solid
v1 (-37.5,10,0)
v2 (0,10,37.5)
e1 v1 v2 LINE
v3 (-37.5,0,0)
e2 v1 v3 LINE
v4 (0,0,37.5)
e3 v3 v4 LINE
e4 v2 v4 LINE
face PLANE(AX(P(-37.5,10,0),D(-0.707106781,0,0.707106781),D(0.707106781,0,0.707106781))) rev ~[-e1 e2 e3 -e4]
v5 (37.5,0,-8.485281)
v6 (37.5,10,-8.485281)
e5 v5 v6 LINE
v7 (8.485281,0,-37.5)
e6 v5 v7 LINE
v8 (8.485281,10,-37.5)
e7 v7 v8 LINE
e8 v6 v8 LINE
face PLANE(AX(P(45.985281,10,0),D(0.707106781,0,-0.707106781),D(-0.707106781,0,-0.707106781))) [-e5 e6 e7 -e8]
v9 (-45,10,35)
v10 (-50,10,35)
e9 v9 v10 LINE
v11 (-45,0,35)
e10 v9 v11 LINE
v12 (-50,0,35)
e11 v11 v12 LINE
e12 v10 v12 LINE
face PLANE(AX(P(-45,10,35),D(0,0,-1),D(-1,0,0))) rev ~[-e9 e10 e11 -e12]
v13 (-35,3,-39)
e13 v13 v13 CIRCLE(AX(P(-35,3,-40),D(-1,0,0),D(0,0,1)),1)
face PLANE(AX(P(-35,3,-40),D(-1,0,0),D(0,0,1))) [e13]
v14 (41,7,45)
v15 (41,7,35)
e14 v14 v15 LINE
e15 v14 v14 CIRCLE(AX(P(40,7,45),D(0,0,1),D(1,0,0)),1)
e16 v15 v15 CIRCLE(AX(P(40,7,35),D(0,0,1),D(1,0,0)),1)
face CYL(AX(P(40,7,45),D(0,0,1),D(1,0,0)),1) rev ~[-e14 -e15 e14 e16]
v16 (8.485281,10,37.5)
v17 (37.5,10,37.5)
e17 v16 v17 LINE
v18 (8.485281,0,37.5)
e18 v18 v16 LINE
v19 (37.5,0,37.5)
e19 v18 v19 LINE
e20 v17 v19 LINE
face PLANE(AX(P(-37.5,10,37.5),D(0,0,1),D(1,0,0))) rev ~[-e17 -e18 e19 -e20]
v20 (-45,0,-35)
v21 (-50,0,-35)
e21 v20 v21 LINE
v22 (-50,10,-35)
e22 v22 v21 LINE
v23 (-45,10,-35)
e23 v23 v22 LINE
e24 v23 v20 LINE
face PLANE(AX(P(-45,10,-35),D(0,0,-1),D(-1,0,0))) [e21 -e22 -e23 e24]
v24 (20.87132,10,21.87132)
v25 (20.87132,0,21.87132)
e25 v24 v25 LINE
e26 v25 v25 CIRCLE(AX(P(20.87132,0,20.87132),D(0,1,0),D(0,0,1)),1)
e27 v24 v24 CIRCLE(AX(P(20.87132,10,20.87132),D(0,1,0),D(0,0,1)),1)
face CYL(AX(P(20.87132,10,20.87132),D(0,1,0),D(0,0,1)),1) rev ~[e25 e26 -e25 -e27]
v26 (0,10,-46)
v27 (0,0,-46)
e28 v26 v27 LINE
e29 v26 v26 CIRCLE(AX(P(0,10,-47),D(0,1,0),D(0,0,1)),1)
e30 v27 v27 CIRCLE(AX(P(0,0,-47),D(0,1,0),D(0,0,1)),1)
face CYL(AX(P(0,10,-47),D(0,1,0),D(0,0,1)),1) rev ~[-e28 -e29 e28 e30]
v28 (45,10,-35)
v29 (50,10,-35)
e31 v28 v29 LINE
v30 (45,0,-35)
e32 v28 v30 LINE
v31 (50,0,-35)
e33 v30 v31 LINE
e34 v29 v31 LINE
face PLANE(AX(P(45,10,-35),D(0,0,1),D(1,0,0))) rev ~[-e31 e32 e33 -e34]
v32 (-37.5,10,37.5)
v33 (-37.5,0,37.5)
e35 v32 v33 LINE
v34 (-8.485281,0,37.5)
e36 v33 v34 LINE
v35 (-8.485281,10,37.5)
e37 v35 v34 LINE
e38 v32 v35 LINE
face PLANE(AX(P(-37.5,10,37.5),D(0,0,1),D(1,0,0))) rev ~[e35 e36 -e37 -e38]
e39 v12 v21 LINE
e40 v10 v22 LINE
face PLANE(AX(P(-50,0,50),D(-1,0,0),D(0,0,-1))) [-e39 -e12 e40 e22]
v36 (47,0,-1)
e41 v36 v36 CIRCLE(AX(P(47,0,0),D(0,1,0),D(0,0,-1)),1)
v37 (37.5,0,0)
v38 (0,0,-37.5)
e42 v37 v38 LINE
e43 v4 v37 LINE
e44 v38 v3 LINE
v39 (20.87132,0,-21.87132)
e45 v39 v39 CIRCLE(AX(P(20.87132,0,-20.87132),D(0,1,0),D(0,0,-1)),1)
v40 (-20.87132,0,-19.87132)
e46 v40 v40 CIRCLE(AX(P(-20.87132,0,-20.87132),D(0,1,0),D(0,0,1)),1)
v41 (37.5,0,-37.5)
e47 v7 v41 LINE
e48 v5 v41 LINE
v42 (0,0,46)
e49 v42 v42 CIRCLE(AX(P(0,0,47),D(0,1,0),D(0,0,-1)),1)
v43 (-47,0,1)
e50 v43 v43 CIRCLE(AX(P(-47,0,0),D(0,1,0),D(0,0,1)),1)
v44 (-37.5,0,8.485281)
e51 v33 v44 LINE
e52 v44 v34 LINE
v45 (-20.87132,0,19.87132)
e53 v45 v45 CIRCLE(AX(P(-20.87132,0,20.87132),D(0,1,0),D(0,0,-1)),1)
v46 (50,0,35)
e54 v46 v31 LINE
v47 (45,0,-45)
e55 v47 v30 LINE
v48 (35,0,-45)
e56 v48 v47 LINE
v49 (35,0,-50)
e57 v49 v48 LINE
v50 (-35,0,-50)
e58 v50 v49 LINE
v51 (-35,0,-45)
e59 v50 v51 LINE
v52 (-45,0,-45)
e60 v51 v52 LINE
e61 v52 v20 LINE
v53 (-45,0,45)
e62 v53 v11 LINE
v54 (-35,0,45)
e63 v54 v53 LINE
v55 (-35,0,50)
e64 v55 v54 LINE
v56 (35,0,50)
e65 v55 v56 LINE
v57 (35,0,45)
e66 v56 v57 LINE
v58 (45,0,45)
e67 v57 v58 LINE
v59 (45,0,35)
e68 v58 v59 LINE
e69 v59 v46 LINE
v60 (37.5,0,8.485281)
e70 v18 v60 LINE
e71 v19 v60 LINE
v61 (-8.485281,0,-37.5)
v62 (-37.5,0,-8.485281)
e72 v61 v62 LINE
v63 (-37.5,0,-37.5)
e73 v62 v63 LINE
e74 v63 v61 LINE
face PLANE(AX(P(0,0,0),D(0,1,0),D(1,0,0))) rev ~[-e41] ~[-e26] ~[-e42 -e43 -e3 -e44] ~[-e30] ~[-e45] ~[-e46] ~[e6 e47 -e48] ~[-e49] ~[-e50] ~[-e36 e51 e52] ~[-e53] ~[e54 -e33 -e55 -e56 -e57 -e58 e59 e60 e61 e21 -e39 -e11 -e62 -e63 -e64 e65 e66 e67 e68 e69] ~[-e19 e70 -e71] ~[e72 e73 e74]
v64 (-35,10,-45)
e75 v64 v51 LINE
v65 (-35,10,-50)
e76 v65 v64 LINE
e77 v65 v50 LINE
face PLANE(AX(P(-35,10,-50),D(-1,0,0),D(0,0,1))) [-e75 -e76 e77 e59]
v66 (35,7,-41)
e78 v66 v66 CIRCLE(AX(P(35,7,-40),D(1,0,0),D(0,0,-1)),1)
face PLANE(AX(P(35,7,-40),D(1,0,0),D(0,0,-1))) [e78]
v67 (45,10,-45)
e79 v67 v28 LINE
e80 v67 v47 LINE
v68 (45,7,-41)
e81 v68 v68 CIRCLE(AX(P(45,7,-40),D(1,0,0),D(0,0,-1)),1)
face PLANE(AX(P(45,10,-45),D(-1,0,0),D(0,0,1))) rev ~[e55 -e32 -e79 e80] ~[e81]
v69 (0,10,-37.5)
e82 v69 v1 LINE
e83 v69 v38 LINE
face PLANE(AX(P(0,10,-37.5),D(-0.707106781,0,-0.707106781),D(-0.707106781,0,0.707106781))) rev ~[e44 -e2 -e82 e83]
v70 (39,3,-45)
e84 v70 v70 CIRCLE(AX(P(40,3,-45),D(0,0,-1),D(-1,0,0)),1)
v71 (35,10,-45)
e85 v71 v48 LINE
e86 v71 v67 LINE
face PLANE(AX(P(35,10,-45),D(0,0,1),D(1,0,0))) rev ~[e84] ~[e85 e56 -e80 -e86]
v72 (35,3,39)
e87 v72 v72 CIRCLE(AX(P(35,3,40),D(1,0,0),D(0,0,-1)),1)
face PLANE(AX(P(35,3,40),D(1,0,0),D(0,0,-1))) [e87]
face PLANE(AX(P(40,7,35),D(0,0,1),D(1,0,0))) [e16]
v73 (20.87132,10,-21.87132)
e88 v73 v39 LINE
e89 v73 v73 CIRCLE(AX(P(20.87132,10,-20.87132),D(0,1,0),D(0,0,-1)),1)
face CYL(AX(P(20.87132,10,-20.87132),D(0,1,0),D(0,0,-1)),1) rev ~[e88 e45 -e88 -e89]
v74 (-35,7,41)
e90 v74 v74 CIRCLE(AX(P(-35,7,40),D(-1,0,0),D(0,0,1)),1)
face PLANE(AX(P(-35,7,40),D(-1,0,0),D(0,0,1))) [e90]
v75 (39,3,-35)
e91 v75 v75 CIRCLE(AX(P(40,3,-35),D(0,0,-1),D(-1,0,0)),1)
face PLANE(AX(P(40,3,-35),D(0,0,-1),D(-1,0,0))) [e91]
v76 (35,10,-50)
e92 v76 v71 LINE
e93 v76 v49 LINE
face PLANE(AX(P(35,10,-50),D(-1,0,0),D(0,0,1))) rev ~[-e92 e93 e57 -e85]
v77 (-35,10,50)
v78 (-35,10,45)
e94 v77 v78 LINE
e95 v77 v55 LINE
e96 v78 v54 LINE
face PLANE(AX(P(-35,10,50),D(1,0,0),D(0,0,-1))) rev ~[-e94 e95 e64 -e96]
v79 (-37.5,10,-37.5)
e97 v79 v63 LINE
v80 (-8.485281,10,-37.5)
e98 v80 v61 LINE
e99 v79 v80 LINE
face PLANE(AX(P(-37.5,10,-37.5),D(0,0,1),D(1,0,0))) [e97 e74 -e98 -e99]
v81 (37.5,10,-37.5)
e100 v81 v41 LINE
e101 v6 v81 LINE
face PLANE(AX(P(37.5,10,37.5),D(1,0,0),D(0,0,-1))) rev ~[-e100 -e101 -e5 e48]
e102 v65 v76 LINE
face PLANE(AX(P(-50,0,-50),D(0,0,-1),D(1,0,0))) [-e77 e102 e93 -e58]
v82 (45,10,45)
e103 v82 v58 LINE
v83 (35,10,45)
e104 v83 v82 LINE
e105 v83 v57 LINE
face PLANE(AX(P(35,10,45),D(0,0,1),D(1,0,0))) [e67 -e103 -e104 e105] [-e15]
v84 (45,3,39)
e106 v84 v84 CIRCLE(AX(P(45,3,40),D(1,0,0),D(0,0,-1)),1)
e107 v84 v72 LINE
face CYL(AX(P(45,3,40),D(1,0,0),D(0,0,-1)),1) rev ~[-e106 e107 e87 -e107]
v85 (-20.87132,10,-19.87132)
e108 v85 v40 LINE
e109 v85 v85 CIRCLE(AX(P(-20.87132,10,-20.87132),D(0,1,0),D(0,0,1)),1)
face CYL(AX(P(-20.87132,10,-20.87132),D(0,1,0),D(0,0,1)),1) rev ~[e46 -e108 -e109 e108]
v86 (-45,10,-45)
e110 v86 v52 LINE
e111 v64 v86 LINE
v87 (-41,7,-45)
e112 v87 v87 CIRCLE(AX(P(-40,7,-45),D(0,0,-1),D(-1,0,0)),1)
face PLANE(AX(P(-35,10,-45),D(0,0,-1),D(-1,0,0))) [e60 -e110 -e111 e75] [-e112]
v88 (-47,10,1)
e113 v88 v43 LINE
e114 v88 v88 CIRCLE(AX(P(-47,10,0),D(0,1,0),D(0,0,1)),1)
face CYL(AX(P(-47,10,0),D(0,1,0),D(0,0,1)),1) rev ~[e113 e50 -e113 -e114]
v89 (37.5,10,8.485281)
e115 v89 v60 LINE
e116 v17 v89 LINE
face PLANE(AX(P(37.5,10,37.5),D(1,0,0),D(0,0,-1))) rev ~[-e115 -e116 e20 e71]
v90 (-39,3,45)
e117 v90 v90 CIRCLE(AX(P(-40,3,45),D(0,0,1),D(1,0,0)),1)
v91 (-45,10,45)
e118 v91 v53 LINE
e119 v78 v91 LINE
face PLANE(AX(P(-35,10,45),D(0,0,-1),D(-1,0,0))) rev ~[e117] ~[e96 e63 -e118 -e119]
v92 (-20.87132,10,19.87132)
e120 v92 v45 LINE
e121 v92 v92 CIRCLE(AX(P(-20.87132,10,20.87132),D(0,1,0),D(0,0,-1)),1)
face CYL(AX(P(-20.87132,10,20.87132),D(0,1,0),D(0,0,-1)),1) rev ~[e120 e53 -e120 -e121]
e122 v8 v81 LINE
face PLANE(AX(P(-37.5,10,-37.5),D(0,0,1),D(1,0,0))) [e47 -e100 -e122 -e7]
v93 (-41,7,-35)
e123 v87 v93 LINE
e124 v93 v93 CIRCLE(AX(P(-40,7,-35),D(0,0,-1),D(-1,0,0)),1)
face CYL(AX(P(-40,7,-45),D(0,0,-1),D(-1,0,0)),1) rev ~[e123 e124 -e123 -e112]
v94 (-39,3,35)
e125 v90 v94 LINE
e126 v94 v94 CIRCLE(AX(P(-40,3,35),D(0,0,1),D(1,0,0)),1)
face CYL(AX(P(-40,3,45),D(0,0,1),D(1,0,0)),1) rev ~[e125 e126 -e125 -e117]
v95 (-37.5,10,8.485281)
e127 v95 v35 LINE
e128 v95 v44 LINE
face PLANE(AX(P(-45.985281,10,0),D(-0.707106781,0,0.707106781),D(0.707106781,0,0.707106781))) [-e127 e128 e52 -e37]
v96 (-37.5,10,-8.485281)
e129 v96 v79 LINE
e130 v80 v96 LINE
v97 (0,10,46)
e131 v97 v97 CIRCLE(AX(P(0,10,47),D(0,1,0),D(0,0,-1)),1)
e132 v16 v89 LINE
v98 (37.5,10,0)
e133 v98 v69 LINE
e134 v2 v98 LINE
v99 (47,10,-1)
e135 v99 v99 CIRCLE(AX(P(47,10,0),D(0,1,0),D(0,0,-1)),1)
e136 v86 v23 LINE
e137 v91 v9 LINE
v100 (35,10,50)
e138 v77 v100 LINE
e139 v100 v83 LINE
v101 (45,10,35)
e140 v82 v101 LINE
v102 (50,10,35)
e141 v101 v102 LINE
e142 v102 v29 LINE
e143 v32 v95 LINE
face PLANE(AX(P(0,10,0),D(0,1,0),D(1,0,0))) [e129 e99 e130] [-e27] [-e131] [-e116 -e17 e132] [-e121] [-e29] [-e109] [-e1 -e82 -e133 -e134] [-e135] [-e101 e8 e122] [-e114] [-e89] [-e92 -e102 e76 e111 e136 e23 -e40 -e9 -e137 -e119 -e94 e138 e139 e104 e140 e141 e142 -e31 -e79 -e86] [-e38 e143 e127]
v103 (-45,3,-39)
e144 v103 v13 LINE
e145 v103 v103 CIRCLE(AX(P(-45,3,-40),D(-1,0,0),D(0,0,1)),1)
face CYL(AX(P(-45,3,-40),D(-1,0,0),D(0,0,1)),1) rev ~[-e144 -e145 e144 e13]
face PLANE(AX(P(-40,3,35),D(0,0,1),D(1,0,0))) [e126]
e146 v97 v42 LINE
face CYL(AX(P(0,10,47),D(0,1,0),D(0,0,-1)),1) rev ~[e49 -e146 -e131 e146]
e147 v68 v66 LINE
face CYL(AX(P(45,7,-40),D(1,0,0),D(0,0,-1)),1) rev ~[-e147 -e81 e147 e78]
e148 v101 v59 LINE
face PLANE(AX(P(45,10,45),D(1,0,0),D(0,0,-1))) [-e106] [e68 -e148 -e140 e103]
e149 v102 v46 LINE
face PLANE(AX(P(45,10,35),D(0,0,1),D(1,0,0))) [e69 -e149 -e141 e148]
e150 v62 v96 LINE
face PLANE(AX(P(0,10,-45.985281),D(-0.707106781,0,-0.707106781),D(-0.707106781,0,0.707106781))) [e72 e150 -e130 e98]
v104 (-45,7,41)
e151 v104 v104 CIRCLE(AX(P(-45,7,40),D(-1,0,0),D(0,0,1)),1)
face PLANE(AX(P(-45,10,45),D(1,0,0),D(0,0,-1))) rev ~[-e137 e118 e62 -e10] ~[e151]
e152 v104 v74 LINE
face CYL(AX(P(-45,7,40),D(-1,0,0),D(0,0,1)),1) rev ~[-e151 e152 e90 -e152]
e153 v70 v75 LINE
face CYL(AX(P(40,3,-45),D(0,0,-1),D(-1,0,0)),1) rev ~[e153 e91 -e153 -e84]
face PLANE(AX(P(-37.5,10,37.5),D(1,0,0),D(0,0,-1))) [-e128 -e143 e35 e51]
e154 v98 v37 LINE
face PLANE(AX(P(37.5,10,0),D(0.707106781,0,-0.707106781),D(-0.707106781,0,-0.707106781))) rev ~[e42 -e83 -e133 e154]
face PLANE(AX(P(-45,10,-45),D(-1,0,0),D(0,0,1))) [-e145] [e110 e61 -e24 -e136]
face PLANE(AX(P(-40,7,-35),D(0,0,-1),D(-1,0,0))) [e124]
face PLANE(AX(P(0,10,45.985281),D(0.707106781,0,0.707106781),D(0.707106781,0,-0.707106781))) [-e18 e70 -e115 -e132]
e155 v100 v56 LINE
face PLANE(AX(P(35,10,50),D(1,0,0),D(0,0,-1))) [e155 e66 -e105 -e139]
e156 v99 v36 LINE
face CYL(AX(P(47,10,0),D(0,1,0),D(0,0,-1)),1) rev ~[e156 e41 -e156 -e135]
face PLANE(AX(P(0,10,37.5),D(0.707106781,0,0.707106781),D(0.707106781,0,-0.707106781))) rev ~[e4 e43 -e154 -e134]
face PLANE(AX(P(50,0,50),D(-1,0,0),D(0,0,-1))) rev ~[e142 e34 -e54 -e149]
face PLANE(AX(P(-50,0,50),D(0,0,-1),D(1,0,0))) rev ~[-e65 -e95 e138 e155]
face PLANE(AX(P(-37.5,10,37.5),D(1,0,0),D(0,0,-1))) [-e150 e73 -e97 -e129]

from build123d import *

# Parameters (mm, degrees)
SKETCH1_W           = 100
SKETCH1_H           = 100
BOSS_EXTRUDE1_DEPTH = 10
CUT_EXTRUDE1_DEPTH  = 72.414284285
SKETCH3_W           = 75
SKETCH3_H           = 75
CUT_EXTRUDE2_DEPTH  = 10
BOSS_EXTRUDE2_DEPTH = 10
SKETCH10_R          = 1
CUT_EXTRUDE7_DEPTH  = 72.414284285
SKETCH11_R          = 1
CUT_EXTRUDE8_DEPTH  = 72.414284285
SKETCH12_R          = 1
CUT_EXTRUDE9_DEPTH  = 72.414284285
SKETCH9_R           = 1
CUT_EXTRUDE11_DEPTH = 10
SKETCH13_R          = 1
CUT_EXTRUDE12_DEPTH = 10
SKETCH14_R          = 1
CUT_EXTRUDE13_DEPTH = 10
SKETCH15_R          = 1
CUT_EXTRUDE14_DEPTH = 10
SKETCH16_R          = 1
CUT_EXTRUDE15_DEPTH = 10
SKETCH17_R          = 1
CUT_EXTRUDE16_DEPTH = 10
SKETCH18_R          = 1
CUT_EXTRUDE17_DEPTH = 10
SKETCH19_R          = 1
CUT_EXTRUDE18_DEPTH = 10


with BuildPart() as part:
    # Sketch1 → Boss-Extrude1 (new body)
    with BuildSketch(Plane(origin=(0, 0, 0), x_dir=(1, 0, 0), z_dir=(0, 1, 0))):
        Rectangle(SKETCH1_W, SKETCH1_H)
    extrude(amount=BOSS_EXTRUDE1_DEPTH)

    # Sketch2 → Cut-Extrude1 (cut, through all)
    with BuildSketch(Plane(origin=(0, 10, 0), x_dir=(1, 0, 0), z_dir=(0, 1, 0))):
        Polygon((35, 50), (35, 45), (45, 45), (45, 35), (50, 35), (50, 50), align=None)
        Polygon((-45, 35), (-50, 35), (-50, 50), (-35, 50), (-35, 45), (-45, 45), align=None)
        Polygon((-45, -35), (-50, -35), (-50, -50), (-35, -50), (-35, -45), (-45, -45), align=None)
        Polygon((35, -50), (35, -45), (45, -45), (45, -35), (50, -35), (50, -50), align=None)
    extrude(amount=-CUT_EXTRUDE1_DEPTH, mode=Mode.SUBTRACT)

    # Sketch3 → Cut-Extrude2 (cut)
    with BuildSketch(Plane(origin=(0, 10, 0), x_dir=(1, 0, 0), z_dir=(0, 1, 0))):
        Rectangle(SKETCH3_W, SKETCH3_H)
    extrude(amount=-CUT_EXTRUDE2_DEPTH, mode=Mode.SUBTRACT)

    # Sketch4 → Boss-Extrude2 (add)
    with BuildSketch(Plane(origin=(0, 10, 0), x_dir=(1, 0, 0), z_dir=(0, 1, 0))):
        Polygon((45.985281374, 0), (0, 45.985281374), (-45.985281374, 0), (0, -45.985281374), align=None)
        Polygon((0, 37.5), (-37.5, 0), (0, -37.5), (37.5, 0), align=None, mode=Mode.SUBTRACT)
    extrude(amount=-BOSS_EXTRUDE2_DEPTH)

    # Sketch10 → Cut-Extrude7 (cut, through all)
    with BuildSketch(Plane(origin=(0, 10, 0), x_dir=(1, 0, 0), z_dir=(0, 1, 0))):
        with Locations(Location((0, 47, 0), (0, 0, 270))):
            Circle(SKETCH10_R)
        with Locations(Location((0, -47, 0), (0, 0, 90))):
            Circle(SKETCH10_R)
    extrude(amount=-CUT_EXTRUDE7_DEPTH, mode=Mode.SUBTRACT)

    # Sketch11 → Cut-Extrude8 (cut, through all)
    with BuildSketch(Plane(origin=(0, 10, 0), x_dir=(1, 0, 0), z_dir=(0, 1, 0))):
        with Locations(Location((-47, 0, 0), (0, 0, 270))):
            Circle(SKETCH11_R)
        with Locations(Location((47, 0, 0), (0, 0, 90))):
            Circle(SKETCH11_R)
    extrude(amount=-CUT_EXTRUDE8_DEPTH, mode=Mode.SUBTRACT)

    # Sketch12 → Cut-Extrude9 (cut, through all)
    with BuildSketch(Plane(origin=(0, 10, 0), x_dir=(1, 0, 0), z_dir=(0, 1, 0))):
        with Locations(Location((-20.871320344, 20.871320344, 0), (0, 0, 270))):
            Circle(SKETCH12_R)
        with Locations(Location((20.871320344, 20.871320344, 0), (0, 0, 90))):
            Circle(SKETCH12_R)
        with Locations(Location((20.871320344, -20.871320344, 0), (0, 0, 270))):
            Circle(SKETCH12_R)
        with Locations(Location((-20.871320344, -20.871320344, 0), (0, 0, 90))):
            Circle(SKETCH12_R)
    extrude(amount=-CUT_EXTRUDE9_DEPTH, mode=Mode.SUBTRACT)

    # Sketch9 → Cut-Extrude11 (cut)
    with BuildSketch(Plane.ZY.offset(45)):
        with Locations((-40, 3)):
            Circle(SKETCH9_R)
    extrude(amount=-CUT_EXTRUDE11_DEPTH, mode=Mode.SUBTRACT)

    # Sketch13 → Cut-Extrude12 (cut)
    with BuildSketch(Plane(origin=(0, 0, -45), x_dir=(-1, 0, 0), z_dir=(0, 0, -1))):
        with Locations((40, 7)):
            Circle(SKETCH13_R)
    extrude(amount=-CUT_EXTRUDE12_DEPTH, mode=Mode.SUBTRACT)

    # Sketch14 → Cut-Extrude13 (cut)
    with BuildSketch(Plane.ZY.offset(45)):
        with Locations((40, 7)):
            Circle(SKETCH14_R)
    extrude(amount=-CUT_EXTRUDE13_DEPTH, mode=Mode.SUBTRACT)

    # Sketch15 → Cut-Extrude14 (cut)
    with BuildSketch(Plane.XY.offset(45)):
        with Locations((-40, 3)):
            Circle(SKETCH15_R)
    extrude(amount=-CUT_EXTRUDE14_DEPTH, mode=Mode.SUBTRACT)

    # Sketch16 → Cut-Extrude15 (cut)
    with BuildSketch(Plane.XY.offset(45)):
        with Locations((40, 7)):
            Circle(SKETCH16_R)
    extrude(amount=-CUT_EXTRUDE15_DEPTH, mode=Mode.SUBTRACT)

    # Sketch17 → Cut-Extrude16 (cut)
    with BuildSketch(Plane(origin=(45, 0, 0), x_dir=(0, 0, -1), z_dir=(1, 0, 0))):
        with Locations((-40, 3)):
            Circle(SKETCH17_R)
    extrude(amount=-CUT_EXTRUDE16_DEPTH, mode=Mode.SUBTRACT)

    # Sketch18 → Cut-Extrude17 (cut)
    with BuildSketch(Plane(origin=(45, 0, 0), x_dir=(0, 0, -1), z_dir=(1, 0, 0))):
        with Locations((40, 7)):
            Circle(SKETCH18_R)
    extrude(amount=-CUT_EXTRUDE17_DEPTH, mode=Mode.SUBTRACT)

    # Sketch19 → Cut-Extrude18 (cut)
    with BuildSketch(Plane(origin=(0, 0, -45), x_dir=(-1, 0, 0), z_dir=(0, 0, -1))):
        with Locations((-40, 3)):
            Circle(SKETCH19_R)
    extrude(amount=-CUT_EXTRUDE18_DEPTH, mode=Mode.SUBTRACT)


solid = part.part
